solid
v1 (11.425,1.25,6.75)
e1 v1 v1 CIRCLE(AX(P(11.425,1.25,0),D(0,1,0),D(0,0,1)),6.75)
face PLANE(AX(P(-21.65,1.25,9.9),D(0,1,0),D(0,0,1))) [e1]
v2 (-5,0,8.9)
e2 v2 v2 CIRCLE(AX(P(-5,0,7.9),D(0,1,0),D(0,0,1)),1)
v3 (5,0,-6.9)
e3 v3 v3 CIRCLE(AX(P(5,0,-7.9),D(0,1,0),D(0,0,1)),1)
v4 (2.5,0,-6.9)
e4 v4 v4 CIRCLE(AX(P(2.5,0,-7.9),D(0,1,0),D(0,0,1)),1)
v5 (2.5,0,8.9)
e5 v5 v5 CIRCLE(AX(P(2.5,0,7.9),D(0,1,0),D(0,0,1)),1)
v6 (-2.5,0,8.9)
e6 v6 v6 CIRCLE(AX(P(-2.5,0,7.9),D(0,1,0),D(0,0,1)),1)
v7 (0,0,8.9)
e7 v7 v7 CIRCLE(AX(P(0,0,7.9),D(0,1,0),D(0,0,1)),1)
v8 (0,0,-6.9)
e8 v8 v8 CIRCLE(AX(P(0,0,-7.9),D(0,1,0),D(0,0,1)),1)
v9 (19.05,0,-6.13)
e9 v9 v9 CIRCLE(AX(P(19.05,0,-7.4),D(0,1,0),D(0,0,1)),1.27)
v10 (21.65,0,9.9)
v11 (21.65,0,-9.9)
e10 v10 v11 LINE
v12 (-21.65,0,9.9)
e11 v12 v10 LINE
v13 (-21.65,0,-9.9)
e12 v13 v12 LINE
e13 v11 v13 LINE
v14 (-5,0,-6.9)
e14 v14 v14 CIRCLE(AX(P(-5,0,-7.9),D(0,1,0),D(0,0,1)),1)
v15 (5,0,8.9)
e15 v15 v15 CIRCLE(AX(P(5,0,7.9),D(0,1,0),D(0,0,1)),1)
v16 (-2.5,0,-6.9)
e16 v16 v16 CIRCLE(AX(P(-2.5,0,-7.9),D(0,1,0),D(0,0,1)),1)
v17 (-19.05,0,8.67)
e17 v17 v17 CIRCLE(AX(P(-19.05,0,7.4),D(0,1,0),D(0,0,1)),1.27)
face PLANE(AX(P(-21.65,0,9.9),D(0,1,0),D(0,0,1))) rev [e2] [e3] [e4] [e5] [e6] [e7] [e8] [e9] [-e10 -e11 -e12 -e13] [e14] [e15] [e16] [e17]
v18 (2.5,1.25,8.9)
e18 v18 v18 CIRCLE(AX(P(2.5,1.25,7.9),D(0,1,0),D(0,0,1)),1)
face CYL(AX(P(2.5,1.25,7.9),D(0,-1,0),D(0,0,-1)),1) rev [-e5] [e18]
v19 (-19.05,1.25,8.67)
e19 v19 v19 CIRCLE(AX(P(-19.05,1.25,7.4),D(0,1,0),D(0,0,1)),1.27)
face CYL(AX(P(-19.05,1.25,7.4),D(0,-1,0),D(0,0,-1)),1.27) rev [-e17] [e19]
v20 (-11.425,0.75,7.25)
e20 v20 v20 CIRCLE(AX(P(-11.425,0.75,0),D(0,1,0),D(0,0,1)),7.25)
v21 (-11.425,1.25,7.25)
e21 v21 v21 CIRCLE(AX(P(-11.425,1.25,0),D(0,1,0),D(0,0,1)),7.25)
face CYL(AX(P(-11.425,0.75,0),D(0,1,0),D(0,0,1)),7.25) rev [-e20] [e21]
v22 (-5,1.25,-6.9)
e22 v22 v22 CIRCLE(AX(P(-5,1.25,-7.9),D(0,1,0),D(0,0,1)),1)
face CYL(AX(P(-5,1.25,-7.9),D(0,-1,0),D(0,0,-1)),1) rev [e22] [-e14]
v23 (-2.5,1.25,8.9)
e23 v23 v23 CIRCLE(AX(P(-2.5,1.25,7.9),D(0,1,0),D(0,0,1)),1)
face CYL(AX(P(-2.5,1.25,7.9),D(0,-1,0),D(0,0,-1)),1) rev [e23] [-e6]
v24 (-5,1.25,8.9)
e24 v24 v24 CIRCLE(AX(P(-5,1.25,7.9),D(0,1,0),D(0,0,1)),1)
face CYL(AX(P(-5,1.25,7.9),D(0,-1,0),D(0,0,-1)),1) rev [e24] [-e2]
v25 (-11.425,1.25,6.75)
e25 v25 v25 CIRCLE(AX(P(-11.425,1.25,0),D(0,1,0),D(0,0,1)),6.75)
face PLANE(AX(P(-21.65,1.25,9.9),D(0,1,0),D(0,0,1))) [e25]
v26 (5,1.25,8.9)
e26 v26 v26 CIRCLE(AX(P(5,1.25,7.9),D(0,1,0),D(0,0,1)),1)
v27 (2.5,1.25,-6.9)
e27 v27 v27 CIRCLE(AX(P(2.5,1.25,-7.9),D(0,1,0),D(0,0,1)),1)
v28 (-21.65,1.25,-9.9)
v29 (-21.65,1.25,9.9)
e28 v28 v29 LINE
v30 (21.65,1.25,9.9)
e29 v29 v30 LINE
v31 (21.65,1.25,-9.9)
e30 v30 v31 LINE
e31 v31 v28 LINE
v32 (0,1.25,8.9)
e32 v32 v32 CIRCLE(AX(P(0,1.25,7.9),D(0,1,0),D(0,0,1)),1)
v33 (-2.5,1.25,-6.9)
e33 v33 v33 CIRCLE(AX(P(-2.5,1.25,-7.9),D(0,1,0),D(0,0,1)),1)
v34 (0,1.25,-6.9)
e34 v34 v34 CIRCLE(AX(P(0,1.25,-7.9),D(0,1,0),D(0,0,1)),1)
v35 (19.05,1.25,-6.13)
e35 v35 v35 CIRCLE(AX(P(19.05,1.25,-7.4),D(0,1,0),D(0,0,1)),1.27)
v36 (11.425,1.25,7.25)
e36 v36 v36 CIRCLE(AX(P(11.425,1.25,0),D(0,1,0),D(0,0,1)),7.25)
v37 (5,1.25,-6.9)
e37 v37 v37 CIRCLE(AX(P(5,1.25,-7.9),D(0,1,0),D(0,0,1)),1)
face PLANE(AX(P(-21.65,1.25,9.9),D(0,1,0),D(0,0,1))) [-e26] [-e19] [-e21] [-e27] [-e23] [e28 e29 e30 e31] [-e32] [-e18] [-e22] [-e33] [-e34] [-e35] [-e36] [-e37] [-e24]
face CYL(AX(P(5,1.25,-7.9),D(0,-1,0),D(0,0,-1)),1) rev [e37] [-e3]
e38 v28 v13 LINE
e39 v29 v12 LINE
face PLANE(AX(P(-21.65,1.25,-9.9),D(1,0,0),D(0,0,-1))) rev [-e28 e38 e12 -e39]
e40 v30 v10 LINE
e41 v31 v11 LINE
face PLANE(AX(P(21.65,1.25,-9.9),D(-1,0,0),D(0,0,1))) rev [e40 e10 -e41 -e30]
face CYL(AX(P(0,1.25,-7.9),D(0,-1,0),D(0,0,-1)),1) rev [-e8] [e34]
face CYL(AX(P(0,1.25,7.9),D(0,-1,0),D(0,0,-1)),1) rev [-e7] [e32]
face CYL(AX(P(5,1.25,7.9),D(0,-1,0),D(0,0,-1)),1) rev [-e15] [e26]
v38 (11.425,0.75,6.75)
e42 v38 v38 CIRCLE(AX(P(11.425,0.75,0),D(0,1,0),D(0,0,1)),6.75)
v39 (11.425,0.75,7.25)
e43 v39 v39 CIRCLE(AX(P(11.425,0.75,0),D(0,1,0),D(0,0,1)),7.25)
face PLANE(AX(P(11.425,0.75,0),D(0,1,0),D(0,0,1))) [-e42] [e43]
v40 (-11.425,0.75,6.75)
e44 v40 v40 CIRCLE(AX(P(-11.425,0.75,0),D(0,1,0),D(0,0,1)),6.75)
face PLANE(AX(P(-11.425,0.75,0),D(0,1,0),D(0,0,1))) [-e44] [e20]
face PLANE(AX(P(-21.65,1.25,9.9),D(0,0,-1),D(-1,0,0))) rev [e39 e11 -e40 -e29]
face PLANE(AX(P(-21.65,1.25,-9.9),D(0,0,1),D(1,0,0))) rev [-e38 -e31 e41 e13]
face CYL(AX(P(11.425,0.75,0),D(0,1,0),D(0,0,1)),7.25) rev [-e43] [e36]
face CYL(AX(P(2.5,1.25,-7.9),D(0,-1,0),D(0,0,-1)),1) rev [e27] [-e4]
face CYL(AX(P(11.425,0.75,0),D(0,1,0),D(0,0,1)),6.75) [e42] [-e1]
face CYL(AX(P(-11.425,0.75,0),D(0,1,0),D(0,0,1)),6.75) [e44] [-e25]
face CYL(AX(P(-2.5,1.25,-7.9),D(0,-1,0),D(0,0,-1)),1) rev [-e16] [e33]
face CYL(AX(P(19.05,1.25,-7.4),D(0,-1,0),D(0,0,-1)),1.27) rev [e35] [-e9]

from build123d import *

# Parameters (mm, degrees)
SKETCH1_W      = 43.3
SKETCH1_H      = 19.8
SKETCH1_R      = 1.27
SKETCH1_R_2    = 1
EXTRUDE1_DEPTH = 1.25
SKETCH2_R      = 7.25
SKETCH2_R_2    = 6.75
EXTRUDE2_DEPTH = 0.5


with BuildPart() as part:
    # Sketch1 → Extrude1 (new body)
    with BuildSketch(Plane(origin=(0, 0, 0), x_dir=(1, 0, 0), z_dir=(0, 1, 0))):
        Rectangle(SKETCH1_W, SKETCH1_H)
        with Locations(Location((-19.05, -7.4, 0), (0, 0, 270))):  # turned: the seam where the file's is
            Circle(SKETCH1_R, mode=Mode.SUBTRACT)
        with Locations(Location((19.05, 7.4, 0), (0, 0, 270))):  # turned: the seam where the file's is
            Circle(SKETCH1_R, mode=Mode.SUBTRACT)
        with Locations(Location((0, -7.9, 0), (0, 0, 270))):  # turned: the seam where the file's is
            Circle(SKETCH1_R_2, mode=Mode.SUBTRACT)
        with Locations(Location((0, 7.9, 0), (0, 0, 270))):  # turned: the seam where the file's is
            Circle(SKETCH1_R_2, mode=Mode.SUBTRACT)
        with Locations(Location((2.5, 7.9, 0), (0, 0, 270))):  # turned: the seam where the file's is
            Circle(SKETCH1_R_2, mode=Mode.SUBTRACT)
        with Locations(Location((5, 7.9, 0), (0, 0, 270))):  # turned: the seam where the file's is
            Circle(SKETCH1_R_2, mode=Mode.SUBTRACT)
        with Locations(Location((-2.5, 7.9, 0), (0, 0, 270))):  # turned: the seam where the file's is
            Circle(SKETCH1_R_2, mode=Mode.SUBTRACT)
        with Locations(Location((-5, 7.9, 0), (0, 0, 270))):  # turned: the seam where the file's is
            Circle(SKETCH1_R_2, mode=Mode.SUBTRACT)
        with Locations(Location((-5, -7.9, 0), (0, 0, 270))):  # turned: the seam where the file's is
            Circle(SKETCH1_R_2, mode=Mode.SUBTRACT)
        with Locations(Location((-2.5, -7.9, 0), (0, 0, 270))):  # turned: the seam where the file's is
            Circle(SKETCH1_R_2, mode=Mode.SUBTRACT)
        with Locations(Location((2.5, -7.9, 0), (0, 0, 270))):  # turned: the seam where the file's is
            Circle(SKETCH1_R_2, mode=Mode.SUBTRACT)
        with Locations(Location((5, -7.9, 0), (0, 0, 270))):  # turned: the seam where the file's is
            Circle(SKETCH1_R_2, mode=Mode.SUBTRACT)
    extrude(amount=EXTRUDE1_DEPTH)

    # Sketch2 → Extrude2 (cut)
    with BuildSketch(Plane(origin=(0, 1.25, 0), x_dir=(1, 0, 0), z_dir=(0, 1, 0))):
        with Locations(Location((-11.425, 0, 0), (0, 0, 270))):  # turned: the seam where the file's is
            Circle(SKETCH2_R)
        with Locations(Location((-11.425, 0, 0), (0, 0, 270))):  # turned: the seam where the file's is
            Circle(SKETCH2_R_2, mode=Mode.SUBTRACT)
        with Locations(Location((11.425, 0, 0), (0, 0, 270))):  # turned: the seam where the file's is
            Circle(SKETCH2_R)
        with Locations(Location((11.425, 0, 0), (0, 0, 270))):  # turned: the seam where the file's is
            Circle(SKETCH2_R_2, mode=Mode.SUBTRACT)
    extrude(amount=-EXTRUDE2_DEPTH, mode=Mode.SUBTRACT)


solid = part.part
